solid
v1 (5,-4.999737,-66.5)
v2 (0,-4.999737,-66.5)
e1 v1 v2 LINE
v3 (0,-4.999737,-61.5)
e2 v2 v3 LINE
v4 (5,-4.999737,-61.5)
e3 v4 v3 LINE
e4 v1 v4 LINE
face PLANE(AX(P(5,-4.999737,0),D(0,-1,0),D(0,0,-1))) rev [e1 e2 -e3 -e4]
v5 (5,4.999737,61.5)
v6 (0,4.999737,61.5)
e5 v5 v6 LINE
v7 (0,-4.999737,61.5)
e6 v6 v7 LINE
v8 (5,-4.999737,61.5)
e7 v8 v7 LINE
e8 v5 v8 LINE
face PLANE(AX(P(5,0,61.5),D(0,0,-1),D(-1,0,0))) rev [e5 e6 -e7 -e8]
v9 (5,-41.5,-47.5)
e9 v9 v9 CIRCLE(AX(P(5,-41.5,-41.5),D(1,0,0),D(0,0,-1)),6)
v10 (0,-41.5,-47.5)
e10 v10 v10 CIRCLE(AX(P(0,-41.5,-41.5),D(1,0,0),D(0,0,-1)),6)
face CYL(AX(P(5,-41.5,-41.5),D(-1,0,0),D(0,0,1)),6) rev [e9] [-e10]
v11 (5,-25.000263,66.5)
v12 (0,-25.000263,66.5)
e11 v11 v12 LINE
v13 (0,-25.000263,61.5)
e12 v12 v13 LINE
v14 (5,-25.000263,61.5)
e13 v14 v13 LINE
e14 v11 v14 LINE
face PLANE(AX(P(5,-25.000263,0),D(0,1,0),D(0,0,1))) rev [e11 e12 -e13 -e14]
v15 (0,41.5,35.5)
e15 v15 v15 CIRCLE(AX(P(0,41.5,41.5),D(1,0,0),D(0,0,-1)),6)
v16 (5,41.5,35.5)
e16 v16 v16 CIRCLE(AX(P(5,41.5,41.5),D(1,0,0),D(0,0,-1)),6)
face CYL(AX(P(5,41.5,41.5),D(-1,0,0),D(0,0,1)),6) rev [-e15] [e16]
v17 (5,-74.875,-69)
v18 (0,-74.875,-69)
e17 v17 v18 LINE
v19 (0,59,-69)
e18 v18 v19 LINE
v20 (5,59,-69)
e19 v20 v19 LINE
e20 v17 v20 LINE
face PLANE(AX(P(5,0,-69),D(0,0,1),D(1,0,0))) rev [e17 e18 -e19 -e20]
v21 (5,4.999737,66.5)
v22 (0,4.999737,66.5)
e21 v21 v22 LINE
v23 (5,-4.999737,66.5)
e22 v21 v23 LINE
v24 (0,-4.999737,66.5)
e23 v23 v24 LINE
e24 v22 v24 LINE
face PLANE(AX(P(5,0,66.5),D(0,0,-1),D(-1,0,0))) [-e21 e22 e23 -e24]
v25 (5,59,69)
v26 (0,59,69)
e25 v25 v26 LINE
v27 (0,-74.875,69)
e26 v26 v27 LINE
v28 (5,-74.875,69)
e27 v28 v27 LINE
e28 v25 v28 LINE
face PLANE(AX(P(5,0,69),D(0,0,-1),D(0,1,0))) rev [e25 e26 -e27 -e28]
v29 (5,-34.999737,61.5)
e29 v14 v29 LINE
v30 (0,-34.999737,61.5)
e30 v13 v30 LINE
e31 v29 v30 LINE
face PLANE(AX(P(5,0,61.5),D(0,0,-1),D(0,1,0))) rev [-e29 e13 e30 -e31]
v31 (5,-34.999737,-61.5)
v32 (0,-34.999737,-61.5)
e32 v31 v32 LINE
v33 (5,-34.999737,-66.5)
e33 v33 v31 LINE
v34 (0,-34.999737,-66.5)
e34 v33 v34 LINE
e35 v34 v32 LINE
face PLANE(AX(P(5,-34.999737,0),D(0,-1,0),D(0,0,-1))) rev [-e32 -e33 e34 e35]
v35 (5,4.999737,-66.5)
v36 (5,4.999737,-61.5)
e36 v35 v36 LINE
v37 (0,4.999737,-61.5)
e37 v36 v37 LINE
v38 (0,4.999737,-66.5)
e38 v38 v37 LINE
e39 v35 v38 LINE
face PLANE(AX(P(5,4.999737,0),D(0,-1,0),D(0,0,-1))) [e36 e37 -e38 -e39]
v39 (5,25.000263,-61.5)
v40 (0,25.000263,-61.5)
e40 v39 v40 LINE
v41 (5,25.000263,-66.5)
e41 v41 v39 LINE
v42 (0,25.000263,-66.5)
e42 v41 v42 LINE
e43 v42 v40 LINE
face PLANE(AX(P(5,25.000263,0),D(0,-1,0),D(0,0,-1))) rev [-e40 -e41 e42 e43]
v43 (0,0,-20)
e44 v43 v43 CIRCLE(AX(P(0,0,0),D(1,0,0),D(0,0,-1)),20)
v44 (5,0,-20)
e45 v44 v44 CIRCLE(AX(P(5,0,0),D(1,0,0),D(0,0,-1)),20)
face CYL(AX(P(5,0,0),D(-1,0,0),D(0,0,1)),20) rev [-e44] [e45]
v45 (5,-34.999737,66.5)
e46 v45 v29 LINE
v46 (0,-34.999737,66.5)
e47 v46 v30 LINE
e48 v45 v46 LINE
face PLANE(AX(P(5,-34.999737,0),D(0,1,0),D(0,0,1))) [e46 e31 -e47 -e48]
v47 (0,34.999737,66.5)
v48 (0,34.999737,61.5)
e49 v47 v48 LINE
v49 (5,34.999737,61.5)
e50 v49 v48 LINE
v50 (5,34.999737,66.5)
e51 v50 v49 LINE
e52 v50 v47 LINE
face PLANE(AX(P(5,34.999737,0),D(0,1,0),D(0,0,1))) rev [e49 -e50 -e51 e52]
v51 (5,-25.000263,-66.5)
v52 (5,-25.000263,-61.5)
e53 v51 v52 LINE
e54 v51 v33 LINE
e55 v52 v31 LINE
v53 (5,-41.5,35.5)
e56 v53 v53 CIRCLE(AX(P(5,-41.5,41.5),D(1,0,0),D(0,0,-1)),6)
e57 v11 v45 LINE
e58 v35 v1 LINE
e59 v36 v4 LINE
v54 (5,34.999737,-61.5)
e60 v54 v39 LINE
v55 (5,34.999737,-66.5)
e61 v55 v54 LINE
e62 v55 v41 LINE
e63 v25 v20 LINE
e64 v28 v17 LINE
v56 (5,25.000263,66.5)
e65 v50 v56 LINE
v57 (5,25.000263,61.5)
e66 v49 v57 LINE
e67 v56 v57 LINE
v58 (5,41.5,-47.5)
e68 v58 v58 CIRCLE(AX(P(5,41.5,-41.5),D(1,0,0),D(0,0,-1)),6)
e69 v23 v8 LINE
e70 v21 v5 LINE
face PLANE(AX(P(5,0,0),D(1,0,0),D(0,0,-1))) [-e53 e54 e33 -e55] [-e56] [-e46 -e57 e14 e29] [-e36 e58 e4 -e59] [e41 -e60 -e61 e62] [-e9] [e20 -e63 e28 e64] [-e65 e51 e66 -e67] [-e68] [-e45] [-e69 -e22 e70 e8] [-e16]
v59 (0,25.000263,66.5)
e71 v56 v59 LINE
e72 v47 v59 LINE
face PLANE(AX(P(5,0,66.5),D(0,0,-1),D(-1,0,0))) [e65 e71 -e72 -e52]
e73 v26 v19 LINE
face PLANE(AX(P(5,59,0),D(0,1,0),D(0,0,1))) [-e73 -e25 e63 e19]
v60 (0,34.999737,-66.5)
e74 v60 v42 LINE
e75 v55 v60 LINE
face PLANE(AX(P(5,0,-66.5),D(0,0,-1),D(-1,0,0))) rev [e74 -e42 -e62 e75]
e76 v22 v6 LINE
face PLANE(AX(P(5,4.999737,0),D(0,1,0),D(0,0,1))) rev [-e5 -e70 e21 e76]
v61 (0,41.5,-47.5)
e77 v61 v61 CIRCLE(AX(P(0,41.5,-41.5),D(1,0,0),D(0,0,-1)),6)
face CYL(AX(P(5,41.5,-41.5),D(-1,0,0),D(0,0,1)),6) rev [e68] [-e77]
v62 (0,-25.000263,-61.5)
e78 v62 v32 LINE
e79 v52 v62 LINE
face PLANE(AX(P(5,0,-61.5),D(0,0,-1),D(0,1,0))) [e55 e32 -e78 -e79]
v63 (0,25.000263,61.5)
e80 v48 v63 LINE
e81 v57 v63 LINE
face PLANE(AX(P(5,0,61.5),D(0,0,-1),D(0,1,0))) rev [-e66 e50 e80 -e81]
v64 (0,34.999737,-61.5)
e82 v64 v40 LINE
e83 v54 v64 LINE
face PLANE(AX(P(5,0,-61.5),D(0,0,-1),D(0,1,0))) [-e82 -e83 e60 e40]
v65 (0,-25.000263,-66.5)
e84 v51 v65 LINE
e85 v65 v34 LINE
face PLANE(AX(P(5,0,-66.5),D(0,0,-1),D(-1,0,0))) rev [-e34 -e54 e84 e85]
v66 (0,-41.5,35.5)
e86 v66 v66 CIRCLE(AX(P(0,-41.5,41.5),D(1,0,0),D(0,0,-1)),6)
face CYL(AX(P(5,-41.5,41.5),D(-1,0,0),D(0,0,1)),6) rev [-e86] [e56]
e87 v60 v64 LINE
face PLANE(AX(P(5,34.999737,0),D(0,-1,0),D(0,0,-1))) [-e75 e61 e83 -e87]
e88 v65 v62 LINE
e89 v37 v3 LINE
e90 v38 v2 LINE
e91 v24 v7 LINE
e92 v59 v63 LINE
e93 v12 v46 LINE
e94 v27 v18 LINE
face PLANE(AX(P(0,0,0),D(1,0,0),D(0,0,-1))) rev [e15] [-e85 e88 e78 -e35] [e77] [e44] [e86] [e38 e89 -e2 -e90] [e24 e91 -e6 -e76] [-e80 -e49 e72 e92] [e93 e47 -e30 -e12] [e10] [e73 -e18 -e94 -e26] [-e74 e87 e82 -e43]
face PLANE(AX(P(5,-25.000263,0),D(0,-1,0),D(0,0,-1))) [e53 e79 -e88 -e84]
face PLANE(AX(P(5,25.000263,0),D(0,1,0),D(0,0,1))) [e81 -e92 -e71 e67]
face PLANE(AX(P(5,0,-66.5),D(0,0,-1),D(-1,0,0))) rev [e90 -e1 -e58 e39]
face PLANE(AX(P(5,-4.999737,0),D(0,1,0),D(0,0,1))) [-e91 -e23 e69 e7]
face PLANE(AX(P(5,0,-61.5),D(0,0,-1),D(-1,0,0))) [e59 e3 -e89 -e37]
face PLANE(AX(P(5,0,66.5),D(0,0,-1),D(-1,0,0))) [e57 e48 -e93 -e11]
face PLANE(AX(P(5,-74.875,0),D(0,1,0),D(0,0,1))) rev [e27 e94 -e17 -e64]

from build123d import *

# Parameters (mm, degrees)
SKETCH4_R           = 6
SKETCH4_R_2         = 20
SKETCH4_W           = 5
SKETCH4_H           = 9.999474932
BOSS_EXTRUDE2_DEPTH = 5


with BuildPart() as part:
    # Sketch4 → Boss-Extrude2 (new body)
    with BuildSketch(Plane(origin=(0, 0, 0), x_dir=(0, 0, -1), z_dir=(1, 0, 0))):
        Polygon((-59, 59), (59, 59), (69, 59), (69, -59), (69, -74.875), (-69, -74.875), (-69, -59), (-69, 59), align=None)
        with Locations((41.5, 41.5)):
            Circle(SKETCH4_R, mode=Mode.SUBTRACT)
        with Locations((41.5, -41.5)):
            Circle(SKETCH4_R, mode=Mode.SUBTRACT)
        with Locations((-41.5, 41.5)):
            Circle(SKETCH4_R, mode=Mode.SUBTRACT)
        with Locations((-41.5, -41.5)):
            Circle(SKETCH4_R, mode=Mode.SUBTRACT)
        Circle(SKETCH4_R_2, mode=Mode.SUBTRACT)
        with Locations((-64, 0)):
            Rectangle(SKETCH4_W, SKETCH4_H, mode=Mode.SUBTRACT)
        with Locations((-64, 30)):
            Rectangle(SKETCH4_W, SKETCH4_H, mode=Mode.SUBTRACT)
        with Locations((-64, -30)):
            Rectangle(SKETCH4_W, SKETCH4_H, mode=Mode.SUBTRACT)
        with Locations((64, 30)):
            Rectangle(SKETCH4_W, SKETCH4_H, mode=Mode.SUBTRACT)
        with Locations((64, 0)):
            Rectangle(SKETCH4_W, SKETCH4_H, mode=Mode.SUBTRACT)
        with Locations((64, -30)):
            Rectangle(SKETCH4_W, SKETCH4_H, mode=Mode.SUBTRACT)
    extrude(amount=BOSS_EXTRUDE2_DEPTH)


solid = part.part
